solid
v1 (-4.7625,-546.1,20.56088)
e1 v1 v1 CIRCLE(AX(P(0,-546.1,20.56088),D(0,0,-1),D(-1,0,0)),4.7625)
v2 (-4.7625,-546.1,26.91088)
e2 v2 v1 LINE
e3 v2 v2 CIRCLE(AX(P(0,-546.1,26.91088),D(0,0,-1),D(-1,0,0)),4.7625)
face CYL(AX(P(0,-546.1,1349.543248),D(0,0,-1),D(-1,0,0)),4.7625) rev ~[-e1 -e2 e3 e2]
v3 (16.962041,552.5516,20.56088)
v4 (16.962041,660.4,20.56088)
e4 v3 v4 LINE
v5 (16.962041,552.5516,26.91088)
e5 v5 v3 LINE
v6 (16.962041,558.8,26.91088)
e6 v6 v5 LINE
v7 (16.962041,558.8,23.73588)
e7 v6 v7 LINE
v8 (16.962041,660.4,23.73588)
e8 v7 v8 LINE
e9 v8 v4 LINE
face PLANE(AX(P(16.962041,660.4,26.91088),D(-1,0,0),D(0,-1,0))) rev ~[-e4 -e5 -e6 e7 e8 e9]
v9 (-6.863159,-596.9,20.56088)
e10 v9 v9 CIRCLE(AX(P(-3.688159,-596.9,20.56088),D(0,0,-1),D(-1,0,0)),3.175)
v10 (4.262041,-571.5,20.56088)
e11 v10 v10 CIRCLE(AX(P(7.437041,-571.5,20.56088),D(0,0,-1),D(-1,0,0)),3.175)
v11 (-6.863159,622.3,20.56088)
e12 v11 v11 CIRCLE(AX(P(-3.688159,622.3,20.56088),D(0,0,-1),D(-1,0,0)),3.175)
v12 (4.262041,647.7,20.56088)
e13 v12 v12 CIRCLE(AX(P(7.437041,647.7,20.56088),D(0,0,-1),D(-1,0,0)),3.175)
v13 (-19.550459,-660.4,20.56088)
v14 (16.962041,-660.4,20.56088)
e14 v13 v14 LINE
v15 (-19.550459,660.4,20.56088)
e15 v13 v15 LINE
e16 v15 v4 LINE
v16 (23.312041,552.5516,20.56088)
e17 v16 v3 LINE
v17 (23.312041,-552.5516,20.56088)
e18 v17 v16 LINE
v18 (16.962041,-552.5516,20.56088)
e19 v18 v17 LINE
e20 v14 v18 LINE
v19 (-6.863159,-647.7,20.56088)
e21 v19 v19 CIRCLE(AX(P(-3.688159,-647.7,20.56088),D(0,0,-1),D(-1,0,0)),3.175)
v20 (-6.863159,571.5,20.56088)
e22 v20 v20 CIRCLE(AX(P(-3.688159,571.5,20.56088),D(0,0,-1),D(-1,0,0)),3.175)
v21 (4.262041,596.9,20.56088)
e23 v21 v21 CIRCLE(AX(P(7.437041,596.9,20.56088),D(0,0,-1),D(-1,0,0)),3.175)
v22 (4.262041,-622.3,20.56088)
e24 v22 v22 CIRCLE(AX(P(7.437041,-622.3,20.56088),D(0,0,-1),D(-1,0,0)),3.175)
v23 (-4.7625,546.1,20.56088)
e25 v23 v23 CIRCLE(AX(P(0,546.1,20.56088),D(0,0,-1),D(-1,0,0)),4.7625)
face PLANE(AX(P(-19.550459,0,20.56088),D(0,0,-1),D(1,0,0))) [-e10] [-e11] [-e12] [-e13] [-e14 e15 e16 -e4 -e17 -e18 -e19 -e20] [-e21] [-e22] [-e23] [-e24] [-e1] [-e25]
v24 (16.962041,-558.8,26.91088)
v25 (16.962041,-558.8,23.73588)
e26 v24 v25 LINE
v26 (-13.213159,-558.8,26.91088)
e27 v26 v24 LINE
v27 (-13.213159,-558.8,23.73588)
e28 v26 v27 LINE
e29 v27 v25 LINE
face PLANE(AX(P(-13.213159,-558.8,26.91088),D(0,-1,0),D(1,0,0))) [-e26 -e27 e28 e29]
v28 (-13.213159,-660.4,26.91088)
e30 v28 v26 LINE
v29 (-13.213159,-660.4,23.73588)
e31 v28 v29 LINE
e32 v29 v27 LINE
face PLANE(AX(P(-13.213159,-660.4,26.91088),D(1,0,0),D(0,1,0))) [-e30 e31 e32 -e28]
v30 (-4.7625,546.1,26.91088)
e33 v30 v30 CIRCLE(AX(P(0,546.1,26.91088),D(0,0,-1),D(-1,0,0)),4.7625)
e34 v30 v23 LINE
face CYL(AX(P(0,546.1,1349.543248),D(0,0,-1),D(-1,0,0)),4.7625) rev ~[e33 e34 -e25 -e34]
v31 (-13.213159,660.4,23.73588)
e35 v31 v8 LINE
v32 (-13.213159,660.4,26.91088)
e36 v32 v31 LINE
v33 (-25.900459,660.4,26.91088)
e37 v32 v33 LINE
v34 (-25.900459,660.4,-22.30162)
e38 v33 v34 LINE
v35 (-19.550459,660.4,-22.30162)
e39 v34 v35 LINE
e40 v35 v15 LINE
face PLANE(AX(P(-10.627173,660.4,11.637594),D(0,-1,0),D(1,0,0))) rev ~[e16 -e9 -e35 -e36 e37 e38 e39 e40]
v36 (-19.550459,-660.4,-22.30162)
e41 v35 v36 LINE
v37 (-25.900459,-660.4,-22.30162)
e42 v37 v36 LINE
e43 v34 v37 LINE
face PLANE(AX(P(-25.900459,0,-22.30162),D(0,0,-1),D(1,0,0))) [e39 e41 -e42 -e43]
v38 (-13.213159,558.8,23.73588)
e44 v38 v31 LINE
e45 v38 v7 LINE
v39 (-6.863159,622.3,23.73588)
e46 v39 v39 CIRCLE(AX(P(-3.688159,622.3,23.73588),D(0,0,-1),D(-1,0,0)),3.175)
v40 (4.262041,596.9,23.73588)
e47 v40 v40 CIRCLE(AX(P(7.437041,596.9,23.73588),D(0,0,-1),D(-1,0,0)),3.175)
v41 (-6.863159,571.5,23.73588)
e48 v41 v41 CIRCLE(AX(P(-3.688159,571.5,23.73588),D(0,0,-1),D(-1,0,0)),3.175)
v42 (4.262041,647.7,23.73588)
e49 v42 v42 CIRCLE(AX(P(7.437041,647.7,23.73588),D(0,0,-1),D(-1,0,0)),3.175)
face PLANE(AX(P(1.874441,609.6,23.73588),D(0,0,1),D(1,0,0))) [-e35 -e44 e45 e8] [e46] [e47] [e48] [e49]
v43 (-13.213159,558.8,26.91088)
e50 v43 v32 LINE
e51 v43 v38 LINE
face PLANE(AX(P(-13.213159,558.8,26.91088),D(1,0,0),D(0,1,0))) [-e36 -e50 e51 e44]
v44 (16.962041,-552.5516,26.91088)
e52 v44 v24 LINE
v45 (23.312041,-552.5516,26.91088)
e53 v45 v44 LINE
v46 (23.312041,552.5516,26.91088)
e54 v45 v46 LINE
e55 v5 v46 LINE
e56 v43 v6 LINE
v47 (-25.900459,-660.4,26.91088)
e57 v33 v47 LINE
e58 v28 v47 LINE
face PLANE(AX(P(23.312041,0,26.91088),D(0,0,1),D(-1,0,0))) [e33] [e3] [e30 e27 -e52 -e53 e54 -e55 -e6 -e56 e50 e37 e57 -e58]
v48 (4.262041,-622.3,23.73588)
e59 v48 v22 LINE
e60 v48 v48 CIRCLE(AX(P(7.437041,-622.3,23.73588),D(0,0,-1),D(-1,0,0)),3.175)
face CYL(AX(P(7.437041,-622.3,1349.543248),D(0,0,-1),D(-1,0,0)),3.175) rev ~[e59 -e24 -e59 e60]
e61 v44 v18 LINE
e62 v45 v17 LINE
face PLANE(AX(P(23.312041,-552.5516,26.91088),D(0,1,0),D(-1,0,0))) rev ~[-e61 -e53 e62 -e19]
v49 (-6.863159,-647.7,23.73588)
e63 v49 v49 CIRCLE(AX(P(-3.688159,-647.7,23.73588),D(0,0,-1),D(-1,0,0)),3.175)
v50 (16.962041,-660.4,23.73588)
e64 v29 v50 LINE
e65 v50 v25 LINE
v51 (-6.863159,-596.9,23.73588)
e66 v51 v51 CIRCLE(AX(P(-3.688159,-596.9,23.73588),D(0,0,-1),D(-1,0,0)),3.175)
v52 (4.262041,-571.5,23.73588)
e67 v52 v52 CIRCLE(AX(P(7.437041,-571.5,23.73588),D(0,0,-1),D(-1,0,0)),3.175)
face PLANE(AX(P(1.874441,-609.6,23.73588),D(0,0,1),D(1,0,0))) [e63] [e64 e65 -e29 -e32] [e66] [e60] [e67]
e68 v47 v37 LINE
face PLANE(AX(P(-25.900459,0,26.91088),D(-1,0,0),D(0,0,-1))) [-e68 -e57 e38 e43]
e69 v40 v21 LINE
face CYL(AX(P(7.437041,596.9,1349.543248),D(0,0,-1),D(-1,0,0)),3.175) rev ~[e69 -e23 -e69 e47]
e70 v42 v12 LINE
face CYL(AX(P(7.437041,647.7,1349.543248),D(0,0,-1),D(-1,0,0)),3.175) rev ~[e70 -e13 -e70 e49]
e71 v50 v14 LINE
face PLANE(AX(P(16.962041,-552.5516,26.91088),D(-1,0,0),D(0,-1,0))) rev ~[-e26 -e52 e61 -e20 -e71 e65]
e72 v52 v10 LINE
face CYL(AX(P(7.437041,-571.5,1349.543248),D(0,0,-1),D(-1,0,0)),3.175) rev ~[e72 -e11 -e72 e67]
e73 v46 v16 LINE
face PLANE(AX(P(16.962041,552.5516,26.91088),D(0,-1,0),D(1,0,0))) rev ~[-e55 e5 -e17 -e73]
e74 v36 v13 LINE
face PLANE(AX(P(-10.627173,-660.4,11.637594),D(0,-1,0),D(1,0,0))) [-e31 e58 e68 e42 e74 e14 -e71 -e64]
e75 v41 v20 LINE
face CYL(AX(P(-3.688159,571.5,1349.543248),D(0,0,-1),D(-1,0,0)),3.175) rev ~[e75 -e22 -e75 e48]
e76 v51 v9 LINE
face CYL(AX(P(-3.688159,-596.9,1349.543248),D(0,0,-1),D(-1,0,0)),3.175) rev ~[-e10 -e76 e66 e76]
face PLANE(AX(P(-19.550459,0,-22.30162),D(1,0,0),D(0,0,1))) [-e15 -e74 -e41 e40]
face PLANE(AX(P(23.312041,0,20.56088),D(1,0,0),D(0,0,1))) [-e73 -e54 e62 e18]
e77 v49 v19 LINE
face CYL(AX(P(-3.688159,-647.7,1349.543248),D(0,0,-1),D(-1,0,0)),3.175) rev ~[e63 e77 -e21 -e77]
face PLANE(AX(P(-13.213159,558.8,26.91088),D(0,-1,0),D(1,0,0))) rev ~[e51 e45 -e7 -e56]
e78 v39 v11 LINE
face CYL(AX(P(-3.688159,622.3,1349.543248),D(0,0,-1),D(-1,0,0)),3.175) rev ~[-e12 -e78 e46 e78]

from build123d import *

# Parameters (mm, degrees)
F1_DEPTH = 660.4
F3_DEPTH = 49.2135
F2_W     = 30.1752
F2_H     = 101.6
F2_R     = 3.175
F4_DEPTH = 3.175
F5_D     = 6.35
F6_D     = 9.525


with BuildPart() as f1:
    # F0 (on Front) → F1 (new body, symmetric)
    with BuildSketch(Plane.XZ):
        Polygon((23.312041, 26.91088), (-25.900459, 26.91088), (-25.900459, -22.30162), (-19.550459, -22.30162), (-19.550459, 20.56088), (23.312041, 20.56088), align=None)
    extrude(amount=F1_DEPTH, both=True)

    # F2 (on face) → F3 (cut, through all)
    with BuildSketch(Plane.XY.offset(26.91088)):
        Polygon((16.962041, 552.5516), (23.312041, 552.5516), (23.312041, 660.4), (16.962041, 660.4), (16.962041, 558.8), align=None)
        Polygon((23.312041, -660.4), (23.312041, -552.5516), (16.962041, -552.5516), (16.962041, -558.8), (16.962041, -660.4), align=None)
    extrude(amount=-F3_DEPTH, mode=Mode.SUBTRACT)

    # F2 (on face) → F4 (cut)
    with BuildSketch(Plane.XY.offset(26.91088)):
        with Locations((1.874441, -609.6)):
            Rectangle(F2_W, F2_H)
        with Locations((-3.688159, -647.7)):
            Circle(F2_R, mode=Mode.SUBTRACT)
        with Locations((-3.688159, -596.9)):
            Circle(F2_R, mode=Mode.SUBTRACT)
        with Locations((7.437041, -622.3)):
            Circle(F2_R, mode=Mode.SUBTRACT)
        with Locations((7.437041, -571.5)):
            Circle(F2_R, mode=Mode.SUBTRACT)
        with Locations((1.874441, 609.6)):
            Rectangle(F2_W, F2_H)
        with Locations((-3.688159, 571.5)):
            Circle(F2_R, mode=Mode.SUBTRACT)
        with Locations((-3.688159, 622.3)):
            Circle(F2_R, mode=Mode.SUBTRACT)
        with Locations((7.437041, 596.9)):
            Circle(F2_R, mode=Mode.SUBTRACT)
        with Locations((7.437041, 647.7)):
            Circle(F2_R, mode=Mode.SUBTRACT)
    extrude(amount=-F4_DEPTH, mode=Mode.SUBTRACT)

    # F5 (through all)
    with Locations(Plane.XY.offset(26.91088)):
        with Locations((-3.688159, -596.9), (7.437041, -571.5), (7.437041, -622.3), (-3.688159, -647.7), (7.437041, 596.9), (-3.688159, 622.3), (7.437041, 647.7), (-3.688159, 571.5)):
            Hole(F5_D / 2)

    # F6 (through all)
    with Locations(Plane.XY.offset(26.91088)):
        with Locations((0, -546.1), (0, 546.1)):
            Hole(F6_D / 2)


solid = f1.part
